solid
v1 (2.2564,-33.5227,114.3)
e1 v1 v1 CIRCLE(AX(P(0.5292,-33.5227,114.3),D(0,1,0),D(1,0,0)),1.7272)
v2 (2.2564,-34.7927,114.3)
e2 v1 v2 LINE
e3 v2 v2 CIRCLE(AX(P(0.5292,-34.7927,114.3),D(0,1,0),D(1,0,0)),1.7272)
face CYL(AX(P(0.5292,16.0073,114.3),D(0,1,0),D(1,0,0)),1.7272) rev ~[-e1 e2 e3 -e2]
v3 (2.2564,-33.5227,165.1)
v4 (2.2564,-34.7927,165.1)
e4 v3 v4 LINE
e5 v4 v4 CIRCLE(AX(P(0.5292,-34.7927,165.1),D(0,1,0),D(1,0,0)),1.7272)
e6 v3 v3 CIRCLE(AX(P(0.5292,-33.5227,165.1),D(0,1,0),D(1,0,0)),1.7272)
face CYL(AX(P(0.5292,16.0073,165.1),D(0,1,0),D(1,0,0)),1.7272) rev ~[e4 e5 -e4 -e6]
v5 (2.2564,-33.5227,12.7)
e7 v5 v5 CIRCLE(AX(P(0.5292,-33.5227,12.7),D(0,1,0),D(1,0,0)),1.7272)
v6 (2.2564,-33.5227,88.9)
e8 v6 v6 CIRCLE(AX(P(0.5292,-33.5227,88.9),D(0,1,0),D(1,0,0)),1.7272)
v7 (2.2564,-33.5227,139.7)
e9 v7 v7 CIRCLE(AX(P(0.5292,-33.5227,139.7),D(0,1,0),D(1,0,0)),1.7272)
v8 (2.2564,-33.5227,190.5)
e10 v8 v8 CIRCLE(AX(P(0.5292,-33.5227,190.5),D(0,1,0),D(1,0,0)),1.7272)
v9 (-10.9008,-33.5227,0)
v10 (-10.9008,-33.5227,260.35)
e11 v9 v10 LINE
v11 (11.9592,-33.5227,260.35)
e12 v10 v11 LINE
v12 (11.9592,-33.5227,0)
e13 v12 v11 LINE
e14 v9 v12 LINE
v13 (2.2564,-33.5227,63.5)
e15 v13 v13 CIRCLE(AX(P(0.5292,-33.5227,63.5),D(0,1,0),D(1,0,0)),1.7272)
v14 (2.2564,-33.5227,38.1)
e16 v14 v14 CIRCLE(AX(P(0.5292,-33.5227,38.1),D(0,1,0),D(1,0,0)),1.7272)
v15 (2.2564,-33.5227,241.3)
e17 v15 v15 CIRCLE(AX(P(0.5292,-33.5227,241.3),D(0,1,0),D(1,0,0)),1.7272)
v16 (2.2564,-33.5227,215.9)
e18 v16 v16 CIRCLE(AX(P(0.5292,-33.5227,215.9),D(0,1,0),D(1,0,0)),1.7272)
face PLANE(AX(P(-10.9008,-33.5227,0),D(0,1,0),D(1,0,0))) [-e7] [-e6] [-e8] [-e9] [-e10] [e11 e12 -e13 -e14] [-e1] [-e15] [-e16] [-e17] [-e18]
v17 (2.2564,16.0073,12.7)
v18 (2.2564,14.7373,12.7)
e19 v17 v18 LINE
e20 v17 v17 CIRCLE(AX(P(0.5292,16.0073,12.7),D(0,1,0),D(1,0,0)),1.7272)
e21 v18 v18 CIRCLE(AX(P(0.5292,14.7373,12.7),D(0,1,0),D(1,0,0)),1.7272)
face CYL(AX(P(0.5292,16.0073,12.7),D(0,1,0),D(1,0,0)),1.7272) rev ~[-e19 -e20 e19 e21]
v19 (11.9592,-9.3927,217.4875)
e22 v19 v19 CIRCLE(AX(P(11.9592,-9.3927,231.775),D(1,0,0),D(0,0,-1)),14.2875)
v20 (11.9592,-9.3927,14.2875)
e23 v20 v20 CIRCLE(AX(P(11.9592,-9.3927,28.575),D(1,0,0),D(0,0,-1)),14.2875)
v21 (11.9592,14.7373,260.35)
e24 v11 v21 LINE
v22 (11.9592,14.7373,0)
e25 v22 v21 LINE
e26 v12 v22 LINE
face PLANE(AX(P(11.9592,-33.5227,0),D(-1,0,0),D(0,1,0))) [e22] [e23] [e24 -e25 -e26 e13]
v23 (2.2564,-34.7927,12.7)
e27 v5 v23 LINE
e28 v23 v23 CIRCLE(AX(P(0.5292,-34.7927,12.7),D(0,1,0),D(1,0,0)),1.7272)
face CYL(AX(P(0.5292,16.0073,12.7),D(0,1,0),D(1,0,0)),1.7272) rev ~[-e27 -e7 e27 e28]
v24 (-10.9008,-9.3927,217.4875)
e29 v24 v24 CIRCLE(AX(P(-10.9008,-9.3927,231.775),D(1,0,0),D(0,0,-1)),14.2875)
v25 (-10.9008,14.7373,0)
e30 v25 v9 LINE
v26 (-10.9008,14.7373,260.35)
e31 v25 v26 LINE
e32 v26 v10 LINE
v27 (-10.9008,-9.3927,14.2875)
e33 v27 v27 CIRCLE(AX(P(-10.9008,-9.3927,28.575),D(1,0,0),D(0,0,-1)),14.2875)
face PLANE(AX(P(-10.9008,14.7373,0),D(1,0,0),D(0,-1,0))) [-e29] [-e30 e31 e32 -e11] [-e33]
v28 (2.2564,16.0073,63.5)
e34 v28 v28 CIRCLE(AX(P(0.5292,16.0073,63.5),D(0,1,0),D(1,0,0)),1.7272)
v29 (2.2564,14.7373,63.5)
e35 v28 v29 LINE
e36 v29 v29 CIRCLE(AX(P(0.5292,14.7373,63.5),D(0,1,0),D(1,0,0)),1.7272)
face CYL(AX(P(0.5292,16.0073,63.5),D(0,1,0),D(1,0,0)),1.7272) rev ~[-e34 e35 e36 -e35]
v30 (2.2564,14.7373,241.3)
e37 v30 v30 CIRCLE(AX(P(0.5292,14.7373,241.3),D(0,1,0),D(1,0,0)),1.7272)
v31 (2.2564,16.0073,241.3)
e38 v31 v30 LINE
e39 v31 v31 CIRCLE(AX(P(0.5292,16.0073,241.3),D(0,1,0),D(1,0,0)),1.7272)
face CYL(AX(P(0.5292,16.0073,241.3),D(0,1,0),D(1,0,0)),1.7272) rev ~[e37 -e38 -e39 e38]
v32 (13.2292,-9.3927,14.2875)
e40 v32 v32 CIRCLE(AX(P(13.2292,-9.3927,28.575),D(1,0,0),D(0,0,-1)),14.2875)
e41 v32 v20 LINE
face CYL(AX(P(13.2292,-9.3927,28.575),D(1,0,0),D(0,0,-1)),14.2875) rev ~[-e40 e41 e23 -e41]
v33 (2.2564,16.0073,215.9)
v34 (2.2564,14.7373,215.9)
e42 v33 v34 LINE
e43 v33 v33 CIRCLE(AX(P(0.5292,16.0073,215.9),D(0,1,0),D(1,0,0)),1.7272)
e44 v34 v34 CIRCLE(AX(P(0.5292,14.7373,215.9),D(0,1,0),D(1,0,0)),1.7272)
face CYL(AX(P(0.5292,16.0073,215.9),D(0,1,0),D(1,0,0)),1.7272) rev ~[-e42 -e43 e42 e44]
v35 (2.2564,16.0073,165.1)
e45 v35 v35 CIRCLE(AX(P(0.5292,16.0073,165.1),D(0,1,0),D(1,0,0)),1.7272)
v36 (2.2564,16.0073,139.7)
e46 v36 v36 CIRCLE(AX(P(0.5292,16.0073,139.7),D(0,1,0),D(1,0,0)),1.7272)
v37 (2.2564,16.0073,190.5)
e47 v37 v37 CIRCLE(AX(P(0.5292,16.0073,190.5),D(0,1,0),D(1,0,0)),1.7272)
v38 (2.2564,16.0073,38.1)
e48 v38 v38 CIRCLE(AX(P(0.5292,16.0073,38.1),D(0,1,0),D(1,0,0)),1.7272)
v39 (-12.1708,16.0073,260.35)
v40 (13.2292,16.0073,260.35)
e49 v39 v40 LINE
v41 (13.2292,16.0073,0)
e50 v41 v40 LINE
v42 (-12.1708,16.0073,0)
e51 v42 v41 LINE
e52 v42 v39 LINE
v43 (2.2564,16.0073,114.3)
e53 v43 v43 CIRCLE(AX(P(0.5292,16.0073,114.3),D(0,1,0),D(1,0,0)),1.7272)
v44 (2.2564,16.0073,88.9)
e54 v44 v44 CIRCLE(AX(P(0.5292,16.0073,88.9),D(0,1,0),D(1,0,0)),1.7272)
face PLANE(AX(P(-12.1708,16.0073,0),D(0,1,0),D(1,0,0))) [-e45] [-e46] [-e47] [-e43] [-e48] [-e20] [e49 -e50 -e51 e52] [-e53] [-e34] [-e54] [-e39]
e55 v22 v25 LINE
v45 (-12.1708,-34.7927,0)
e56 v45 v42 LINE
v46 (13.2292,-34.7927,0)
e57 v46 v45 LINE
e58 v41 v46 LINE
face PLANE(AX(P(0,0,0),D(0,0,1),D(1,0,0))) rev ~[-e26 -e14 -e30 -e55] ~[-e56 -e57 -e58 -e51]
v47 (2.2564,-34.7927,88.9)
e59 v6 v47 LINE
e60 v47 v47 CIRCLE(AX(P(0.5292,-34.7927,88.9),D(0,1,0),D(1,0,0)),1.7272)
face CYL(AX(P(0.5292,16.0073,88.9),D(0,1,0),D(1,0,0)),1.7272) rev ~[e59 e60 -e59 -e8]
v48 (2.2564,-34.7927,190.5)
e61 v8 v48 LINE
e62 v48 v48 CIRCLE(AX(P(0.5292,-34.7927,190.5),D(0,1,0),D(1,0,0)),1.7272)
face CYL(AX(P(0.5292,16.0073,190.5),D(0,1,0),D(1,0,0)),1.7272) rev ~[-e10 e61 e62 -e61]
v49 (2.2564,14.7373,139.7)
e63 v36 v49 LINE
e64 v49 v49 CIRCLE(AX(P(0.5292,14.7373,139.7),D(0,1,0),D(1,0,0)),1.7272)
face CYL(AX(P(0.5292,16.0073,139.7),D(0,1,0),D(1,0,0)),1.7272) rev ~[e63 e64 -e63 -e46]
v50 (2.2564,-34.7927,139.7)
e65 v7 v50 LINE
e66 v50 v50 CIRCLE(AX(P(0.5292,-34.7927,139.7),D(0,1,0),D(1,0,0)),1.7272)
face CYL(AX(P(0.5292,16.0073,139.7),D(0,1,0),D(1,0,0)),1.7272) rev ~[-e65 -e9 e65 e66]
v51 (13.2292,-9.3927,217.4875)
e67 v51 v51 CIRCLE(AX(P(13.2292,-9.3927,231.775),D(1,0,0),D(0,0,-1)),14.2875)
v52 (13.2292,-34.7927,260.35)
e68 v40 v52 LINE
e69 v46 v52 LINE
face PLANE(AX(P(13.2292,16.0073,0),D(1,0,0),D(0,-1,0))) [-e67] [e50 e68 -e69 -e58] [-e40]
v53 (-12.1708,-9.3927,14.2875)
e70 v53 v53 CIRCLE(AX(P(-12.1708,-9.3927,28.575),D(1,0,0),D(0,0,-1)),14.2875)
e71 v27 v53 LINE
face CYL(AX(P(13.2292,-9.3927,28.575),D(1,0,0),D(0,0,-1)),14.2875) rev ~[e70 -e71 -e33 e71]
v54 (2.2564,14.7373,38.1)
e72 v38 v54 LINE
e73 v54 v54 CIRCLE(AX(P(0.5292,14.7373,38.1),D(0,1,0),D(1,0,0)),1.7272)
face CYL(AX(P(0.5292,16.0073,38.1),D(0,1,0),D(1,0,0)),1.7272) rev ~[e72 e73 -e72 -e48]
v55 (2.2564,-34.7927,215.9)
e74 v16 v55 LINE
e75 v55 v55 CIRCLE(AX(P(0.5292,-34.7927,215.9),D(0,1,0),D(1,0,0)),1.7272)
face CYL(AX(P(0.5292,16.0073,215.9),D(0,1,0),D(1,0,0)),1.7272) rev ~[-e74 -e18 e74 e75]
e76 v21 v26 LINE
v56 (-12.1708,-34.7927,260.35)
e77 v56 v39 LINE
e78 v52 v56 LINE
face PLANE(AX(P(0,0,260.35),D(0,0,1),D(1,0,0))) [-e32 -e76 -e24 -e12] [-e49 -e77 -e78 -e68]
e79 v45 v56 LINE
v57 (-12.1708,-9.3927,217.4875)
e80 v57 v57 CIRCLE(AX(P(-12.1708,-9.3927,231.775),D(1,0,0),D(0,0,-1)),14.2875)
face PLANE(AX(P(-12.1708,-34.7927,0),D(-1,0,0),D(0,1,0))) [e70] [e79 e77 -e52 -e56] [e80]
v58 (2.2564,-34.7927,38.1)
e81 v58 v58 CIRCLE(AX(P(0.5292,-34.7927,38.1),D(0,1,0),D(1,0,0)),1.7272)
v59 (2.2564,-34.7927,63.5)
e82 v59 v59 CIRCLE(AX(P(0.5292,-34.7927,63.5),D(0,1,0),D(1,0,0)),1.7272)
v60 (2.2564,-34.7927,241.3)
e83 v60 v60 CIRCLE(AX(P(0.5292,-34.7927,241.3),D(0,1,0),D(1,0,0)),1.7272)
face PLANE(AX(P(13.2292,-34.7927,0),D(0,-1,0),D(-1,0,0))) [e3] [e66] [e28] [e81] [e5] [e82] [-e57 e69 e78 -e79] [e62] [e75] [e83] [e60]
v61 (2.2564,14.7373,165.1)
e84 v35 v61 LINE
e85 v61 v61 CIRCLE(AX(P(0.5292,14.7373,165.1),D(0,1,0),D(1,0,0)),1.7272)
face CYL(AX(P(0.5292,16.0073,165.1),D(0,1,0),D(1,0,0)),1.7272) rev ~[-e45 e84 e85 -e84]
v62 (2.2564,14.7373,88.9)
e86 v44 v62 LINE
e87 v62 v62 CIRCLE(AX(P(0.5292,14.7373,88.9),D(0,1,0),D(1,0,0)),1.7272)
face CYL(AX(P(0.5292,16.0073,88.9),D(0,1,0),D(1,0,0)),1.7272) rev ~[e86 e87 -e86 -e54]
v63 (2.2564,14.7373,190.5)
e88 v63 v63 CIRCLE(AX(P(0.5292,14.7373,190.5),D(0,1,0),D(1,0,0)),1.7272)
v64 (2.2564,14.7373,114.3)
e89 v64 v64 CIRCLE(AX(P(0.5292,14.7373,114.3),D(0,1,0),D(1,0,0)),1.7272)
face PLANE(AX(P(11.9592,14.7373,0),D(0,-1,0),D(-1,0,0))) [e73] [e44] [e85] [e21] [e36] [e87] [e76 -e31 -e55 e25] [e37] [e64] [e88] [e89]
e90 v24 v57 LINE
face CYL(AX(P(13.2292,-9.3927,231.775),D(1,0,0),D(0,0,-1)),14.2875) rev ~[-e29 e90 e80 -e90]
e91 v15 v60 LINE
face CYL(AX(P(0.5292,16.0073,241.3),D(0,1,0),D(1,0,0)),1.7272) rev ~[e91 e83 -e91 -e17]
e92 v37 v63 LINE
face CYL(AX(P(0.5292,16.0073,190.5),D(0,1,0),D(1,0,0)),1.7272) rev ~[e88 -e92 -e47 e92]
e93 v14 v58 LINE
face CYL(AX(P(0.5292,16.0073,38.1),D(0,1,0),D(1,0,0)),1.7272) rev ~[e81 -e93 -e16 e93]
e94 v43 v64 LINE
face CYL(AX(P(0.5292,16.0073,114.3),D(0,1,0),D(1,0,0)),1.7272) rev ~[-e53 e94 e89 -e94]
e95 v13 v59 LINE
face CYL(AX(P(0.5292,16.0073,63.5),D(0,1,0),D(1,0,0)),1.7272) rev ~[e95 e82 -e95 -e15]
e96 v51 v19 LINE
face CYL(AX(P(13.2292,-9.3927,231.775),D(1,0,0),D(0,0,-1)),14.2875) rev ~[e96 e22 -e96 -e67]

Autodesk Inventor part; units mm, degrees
ref_plane "YZ Plane" through (0, 0, 0) normal (1, 0, 0) x (0, 1, 0)
ref_plane "XZ Plane" through (0, 0, 0) normal (0, 1, 0) x (-1, 0, 0)
ref_plane "XY Plane" through (0, 0, 0) normal (0, 0, 1) x (1, 0, 0)
sketch "Sketch1" plane through (0, 0, 0) normal (0, 0, 1) x (1, 0, 0)
  line L0 (-12.1708, 16.0073) -> (13.2292, 16.0073)
  line L1 (13.2292, 16.0073) -> (13.2292, -34.7927)
  line L2 (13.2292, -34.7927) -> (-12.1708, -34.7927)
  line L3 (-12.1708, -34.7927) -> (-12.1708, 16.0073)
  line L4 (11.9592, 14.7373) -> (-10.9008, 14.7373)
  line L5 (-10.9008, 14.7373) -> (-10.9008, -33.5227)
  line L6 (-10.9008, -33.5227) -> (11.9592, -33.5227)
  line L7 (11.9592, -33.5227) -> (11.9592, 14.7373)
  point P0 (0, 0)
  dimension "d0" = 25.4
  dimension "d1" = 50.8
  dimension "d2" = 1.27
extrude "Extrusion1" add sketch "Sketch1" along normal blind 260.35
sketch "Sketch2" plane through (-12.1708, 16.0073, 0) normal (0, 1, 0) x (1, 0, 0)
  circle A0 centre (12.7, -12.7) radius 1.7272
  line L0 (25.4, 0) -> (0, 0) projected
  line L1 (0, 0) -> (0, -260.35) projected
  point P0 (12.1708, 0)
  dimension "d5" = 3.4544
  dimension "d6" = 12.7
  dimension "d7" = 12.7
extrude "Extrusion2" cut sketch "Sketch2" against normal through all
pattern_linear "Rectangular Pattern1" count 26 spacing 25.4 along (0, 0, 1) of "Extrusion2"
sketch "Sketch5" plane through (13.2292, -34.7927, 0) normal (1, 0, 0) x (0, 0, -1)
  circle A0 centre (-231.775, 25.4) radius 14.2875
  line L0 (-260.35, 0) -> (-260.35, 50.8) projected
  line L1 (0, 50.8) -> (-260.35, 50.8) projected
  circle A1 centre (-28.575, 25.4) radius 14.2875
  line L2 (0, 0) -> (0, 50.8) projected
  point P0 (0, 34.7927)
  dimension "d46" = 28.575
  dimension "d48" = 25.4
  dimension "d52" = 28.575
  dimension "d54" = 25.4
  dimension "d62" = 28.575
  dimension "d63" = 28.575
extrude "Extrusion5" cut sketch "Sketch5" against normal through all
equation "\"d3\" = d13"
equation "\"d10\" = d14"
equation "\"d13\" = 260.35"
equation "\"d14\" = d13"
equation "\"d32\" = 101.6"
properties part number "AIntakeArm1"
